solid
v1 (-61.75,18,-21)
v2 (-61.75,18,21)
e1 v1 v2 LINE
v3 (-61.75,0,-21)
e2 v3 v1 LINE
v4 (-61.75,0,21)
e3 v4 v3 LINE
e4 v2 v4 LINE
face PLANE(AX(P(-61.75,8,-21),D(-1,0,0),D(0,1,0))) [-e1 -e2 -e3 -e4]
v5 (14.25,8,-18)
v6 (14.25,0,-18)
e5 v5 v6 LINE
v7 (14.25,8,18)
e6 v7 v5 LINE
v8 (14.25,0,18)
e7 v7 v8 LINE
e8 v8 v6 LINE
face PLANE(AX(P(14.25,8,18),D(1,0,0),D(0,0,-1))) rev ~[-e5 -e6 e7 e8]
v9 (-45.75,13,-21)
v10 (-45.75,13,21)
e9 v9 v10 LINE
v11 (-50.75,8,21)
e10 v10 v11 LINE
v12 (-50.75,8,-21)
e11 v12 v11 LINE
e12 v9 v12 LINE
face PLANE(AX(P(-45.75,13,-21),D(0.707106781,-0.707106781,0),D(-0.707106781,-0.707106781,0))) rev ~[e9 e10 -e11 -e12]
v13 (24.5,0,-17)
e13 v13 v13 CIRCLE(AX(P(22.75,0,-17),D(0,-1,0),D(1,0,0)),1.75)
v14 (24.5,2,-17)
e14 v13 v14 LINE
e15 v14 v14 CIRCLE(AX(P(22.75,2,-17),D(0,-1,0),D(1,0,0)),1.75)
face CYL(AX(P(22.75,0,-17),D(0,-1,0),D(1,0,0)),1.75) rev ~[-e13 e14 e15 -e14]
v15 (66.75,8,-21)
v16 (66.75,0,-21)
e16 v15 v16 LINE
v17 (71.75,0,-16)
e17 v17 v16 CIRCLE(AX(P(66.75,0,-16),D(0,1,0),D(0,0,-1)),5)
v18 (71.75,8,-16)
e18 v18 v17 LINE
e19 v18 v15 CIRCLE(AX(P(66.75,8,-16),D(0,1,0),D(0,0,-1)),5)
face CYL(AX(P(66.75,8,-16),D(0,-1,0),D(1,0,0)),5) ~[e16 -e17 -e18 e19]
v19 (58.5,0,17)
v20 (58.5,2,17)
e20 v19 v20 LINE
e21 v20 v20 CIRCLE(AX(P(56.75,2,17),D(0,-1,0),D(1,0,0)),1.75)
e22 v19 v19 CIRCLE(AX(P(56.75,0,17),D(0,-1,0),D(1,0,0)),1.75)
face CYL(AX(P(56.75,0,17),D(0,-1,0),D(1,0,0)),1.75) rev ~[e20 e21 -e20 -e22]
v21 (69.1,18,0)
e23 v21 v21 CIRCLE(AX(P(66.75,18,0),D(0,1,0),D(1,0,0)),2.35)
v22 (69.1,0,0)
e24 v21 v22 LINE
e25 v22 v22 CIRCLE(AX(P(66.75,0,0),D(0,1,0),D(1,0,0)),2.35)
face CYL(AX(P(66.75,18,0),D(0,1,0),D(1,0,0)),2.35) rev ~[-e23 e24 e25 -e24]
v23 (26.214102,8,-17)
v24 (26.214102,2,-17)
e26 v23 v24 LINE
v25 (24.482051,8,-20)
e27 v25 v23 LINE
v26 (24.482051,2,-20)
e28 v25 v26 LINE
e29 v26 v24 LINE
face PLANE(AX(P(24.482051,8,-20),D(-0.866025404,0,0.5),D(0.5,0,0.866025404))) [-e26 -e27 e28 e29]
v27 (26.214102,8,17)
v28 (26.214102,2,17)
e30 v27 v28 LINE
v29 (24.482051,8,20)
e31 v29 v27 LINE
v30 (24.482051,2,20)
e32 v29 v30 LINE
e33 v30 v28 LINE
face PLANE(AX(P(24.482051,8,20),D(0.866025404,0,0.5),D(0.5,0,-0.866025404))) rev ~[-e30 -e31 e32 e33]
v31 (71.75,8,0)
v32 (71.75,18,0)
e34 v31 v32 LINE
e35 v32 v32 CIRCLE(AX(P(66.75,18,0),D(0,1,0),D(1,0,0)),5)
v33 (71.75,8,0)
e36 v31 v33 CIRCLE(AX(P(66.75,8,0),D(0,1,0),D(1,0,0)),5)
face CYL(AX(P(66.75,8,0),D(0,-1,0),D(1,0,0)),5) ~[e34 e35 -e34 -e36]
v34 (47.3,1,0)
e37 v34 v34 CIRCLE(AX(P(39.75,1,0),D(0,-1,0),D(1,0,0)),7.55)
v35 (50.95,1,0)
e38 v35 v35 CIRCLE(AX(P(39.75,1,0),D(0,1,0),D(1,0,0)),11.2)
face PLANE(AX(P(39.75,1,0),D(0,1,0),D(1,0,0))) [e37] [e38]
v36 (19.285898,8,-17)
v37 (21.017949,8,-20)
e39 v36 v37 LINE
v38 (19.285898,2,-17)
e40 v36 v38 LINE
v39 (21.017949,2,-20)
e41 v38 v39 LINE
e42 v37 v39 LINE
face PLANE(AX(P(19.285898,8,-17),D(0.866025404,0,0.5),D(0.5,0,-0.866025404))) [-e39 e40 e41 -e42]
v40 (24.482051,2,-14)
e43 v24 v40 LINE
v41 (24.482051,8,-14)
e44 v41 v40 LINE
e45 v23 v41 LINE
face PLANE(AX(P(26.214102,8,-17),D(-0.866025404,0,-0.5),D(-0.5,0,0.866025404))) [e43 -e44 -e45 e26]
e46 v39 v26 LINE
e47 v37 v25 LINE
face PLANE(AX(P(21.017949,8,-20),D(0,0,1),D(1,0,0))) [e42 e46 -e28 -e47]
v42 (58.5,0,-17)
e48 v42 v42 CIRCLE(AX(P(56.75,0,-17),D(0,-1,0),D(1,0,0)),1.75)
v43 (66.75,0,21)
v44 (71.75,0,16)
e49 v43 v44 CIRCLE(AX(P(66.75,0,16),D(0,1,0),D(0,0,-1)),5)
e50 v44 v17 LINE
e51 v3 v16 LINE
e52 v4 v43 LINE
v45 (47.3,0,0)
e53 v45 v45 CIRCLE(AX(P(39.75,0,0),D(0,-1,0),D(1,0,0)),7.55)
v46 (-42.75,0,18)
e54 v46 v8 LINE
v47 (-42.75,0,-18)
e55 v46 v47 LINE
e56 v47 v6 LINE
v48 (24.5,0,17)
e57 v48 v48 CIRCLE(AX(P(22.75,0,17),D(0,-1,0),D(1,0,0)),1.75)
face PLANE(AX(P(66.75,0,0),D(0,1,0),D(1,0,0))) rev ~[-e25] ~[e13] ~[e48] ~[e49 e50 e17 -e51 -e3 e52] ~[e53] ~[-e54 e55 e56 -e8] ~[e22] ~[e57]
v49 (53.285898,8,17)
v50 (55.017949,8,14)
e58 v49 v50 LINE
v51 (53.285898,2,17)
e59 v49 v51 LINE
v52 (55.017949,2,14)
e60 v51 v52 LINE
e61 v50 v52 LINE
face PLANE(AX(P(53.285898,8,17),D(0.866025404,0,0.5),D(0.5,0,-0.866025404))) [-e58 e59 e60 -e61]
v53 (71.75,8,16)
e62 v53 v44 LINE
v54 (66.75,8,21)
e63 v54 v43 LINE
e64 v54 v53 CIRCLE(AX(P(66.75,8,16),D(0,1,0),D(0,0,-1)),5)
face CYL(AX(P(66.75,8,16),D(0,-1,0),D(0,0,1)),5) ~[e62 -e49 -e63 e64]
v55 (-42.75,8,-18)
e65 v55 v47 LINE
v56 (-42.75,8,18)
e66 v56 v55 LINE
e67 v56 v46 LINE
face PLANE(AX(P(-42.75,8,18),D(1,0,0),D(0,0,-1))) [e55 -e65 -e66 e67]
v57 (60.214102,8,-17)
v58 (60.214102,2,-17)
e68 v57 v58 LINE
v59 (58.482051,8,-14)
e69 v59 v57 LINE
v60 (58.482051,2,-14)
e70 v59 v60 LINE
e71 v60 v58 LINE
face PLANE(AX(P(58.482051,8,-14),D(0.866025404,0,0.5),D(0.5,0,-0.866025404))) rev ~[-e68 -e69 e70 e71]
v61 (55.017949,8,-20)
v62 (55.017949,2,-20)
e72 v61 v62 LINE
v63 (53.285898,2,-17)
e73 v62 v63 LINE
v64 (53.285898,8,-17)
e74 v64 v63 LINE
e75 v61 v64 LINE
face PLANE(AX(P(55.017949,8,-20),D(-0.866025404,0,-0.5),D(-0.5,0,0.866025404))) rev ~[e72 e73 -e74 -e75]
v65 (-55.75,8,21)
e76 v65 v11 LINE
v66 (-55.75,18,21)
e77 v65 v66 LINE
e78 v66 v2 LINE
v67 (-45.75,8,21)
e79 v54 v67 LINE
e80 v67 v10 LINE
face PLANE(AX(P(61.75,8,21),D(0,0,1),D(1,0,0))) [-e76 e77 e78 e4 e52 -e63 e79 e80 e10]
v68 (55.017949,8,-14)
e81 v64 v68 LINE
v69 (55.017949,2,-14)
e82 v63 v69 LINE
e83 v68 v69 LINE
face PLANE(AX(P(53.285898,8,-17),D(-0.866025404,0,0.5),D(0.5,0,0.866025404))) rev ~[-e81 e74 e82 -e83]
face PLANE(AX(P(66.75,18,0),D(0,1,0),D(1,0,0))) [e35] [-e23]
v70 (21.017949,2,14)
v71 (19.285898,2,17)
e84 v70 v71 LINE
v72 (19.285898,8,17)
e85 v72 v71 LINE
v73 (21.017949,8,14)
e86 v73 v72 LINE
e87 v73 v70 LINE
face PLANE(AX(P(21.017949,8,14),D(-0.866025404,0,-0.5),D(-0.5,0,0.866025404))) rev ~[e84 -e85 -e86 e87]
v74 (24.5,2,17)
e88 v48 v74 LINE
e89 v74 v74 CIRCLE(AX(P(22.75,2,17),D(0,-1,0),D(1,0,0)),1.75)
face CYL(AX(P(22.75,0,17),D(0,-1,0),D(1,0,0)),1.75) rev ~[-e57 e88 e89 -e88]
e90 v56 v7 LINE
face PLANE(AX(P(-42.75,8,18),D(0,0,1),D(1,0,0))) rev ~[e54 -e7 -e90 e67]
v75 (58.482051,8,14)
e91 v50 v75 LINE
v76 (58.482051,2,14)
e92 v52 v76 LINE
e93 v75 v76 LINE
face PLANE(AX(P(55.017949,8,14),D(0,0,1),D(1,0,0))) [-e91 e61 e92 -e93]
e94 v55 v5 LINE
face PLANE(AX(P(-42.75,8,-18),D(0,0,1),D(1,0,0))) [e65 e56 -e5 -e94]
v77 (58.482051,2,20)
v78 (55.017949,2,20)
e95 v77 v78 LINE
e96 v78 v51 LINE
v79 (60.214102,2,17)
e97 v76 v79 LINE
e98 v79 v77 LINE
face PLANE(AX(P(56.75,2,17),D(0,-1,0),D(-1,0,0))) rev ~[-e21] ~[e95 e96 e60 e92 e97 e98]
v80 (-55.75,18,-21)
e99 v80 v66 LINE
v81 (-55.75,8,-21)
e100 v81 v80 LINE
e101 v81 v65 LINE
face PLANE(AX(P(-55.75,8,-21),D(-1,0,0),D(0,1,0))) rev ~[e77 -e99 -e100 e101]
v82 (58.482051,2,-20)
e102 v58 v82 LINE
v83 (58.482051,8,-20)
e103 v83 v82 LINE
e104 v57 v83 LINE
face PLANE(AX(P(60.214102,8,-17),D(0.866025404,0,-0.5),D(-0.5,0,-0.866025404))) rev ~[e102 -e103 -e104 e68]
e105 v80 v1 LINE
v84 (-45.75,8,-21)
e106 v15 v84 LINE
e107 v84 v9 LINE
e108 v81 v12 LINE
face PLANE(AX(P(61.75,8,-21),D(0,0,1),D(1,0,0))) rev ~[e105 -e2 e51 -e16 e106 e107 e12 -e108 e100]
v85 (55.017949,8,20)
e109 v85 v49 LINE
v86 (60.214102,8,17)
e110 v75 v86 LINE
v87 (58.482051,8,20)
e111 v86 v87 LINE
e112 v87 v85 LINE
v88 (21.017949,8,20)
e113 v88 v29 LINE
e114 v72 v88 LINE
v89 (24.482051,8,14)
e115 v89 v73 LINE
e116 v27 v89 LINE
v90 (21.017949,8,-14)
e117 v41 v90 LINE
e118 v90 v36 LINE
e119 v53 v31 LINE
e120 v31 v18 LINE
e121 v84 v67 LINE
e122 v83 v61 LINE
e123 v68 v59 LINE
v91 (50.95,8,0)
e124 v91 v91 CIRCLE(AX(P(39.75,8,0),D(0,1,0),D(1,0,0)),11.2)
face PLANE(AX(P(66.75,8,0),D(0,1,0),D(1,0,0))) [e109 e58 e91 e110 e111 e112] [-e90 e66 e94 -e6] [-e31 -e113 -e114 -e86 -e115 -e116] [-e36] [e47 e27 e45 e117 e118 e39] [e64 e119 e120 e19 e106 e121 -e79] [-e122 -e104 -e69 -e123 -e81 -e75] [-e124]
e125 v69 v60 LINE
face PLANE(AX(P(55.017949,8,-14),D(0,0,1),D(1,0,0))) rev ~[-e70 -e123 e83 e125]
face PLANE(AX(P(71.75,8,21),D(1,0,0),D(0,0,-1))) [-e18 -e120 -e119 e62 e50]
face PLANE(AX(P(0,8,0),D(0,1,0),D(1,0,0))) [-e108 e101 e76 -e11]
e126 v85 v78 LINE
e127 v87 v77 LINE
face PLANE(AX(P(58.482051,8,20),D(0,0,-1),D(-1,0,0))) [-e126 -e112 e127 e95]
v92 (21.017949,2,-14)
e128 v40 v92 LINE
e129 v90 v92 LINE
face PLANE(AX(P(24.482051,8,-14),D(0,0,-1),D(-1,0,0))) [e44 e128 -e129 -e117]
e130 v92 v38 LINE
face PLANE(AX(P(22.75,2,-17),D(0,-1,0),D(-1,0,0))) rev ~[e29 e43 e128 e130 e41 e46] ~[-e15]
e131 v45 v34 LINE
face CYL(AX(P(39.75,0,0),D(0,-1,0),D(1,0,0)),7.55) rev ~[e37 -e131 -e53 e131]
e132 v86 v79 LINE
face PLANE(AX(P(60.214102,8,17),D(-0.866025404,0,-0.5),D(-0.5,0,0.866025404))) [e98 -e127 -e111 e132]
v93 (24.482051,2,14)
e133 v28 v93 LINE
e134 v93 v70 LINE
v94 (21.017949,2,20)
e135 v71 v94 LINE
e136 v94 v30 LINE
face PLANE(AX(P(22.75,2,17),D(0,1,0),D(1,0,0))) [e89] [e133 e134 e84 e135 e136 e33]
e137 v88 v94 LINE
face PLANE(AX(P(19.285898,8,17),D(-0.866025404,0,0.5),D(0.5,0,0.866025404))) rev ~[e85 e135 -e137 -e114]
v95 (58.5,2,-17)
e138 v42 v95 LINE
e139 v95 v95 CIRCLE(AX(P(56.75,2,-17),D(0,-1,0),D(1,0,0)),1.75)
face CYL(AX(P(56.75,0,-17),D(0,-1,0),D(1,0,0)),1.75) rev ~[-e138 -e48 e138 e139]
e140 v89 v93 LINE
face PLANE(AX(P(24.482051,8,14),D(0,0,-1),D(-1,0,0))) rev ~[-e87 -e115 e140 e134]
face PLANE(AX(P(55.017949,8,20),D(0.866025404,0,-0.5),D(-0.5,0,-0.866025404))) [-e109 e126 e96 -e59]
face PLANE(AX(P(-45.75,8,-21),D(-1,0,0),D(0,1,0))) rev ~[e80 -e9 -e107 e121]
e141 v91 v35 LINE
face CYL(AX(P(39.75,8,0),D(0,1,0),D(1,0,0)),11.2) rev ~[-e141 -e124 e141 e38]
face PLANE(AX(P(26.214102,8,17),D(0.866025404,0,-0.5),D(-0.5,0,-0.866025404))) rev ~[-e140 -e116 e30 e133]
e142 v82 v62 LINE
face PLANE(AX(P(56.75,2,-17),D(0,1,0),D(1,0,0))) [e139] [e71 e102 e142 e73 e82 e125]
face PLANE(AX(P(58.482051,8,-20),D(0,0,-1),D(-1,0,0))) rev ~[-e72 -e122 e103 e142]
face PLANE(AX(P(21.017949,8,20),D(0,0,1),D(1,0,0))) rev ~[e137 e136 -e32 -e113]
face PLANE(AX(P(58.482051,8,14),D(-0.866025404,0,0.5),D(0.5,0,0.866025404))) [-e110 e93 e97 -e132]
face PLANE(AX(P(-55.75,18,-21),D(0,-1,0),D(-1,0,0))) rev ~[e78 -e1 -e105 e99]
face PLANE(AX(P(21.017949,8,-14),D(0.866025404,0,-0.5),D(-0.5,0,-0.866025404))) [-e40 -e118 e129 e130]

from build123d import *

# Parameters (mm, degrees)
SKETCH1_W           = 123.5
SKETCH1_H           = 42
BOSS_EXTRUDE1_DEPTH = 8
SKETCH2_R           = 11.2
CUT_EXTRUDE1_DEPTH  = 7
CUT_EXTRUDE2_REACH  = 10
SKETCH3_R           = 7.55
CUT_EXTRUDE4_DEPTH  = 6
SKETCH10_R          = 1.75
CUT_EXTRUDE5_DEPTH  = 2
SKETCH12_W          = 6
SKETCH12_H          = 10
BOSS_EXTRUDE2_DEPTH = 42
SKETCH13_W          = 57
SKETCH13_H          = 36
CUT_EXTRUDE6_DEPTH  = 9
SKETCH23_W          = 10
SKETCH23_H          = 42
BOSS_EXTRUDE3_DEPTH = 8
SKETCH24_R          = 5
BOSS_EXTRUDE4_DEPTH = 10
FILLET1_R           = 5
SKETCH25_R          = 2.35
CUT_EXTRUDE7_DEPTH  = 18


with BuildPart() as part:
    # Sketch1 → Boss-Extrude1 (new body)
    with BuildSketch(Plane(origin=(0, 0, 0), x_dir=(1, 0, 0), z_dir=(0, 1, 0))):
        Rectangle(SKETCH1_W, SKETCH1_H)
    extrude(amount=BOSS_EXTRUDE1_DEPTH)

    # Sketch2 → Cut-Extrude1 (cut)
    with BuildSketch(Plane(origin=(0, 8, 0), x_dir=(1, 0, 0), z_dir=(0, 1, 0))):
        with Locations((39.75, 0)):
            Circle(SKETCH2_R)
    extrude(amount=-CUT_EXTRUDE1_DEPTH, mode=Mode.SUBTRACT)

    # Sketch3 → Cut-Extrude2 (cut, up to next)
    with BuildSketch(Plane.XZ, mode=Mode.PRIVATE) as cut_extrude2_sk1:
        with Locations((39.75, 0)):
            Circle(SKETCH3_R)
    cut_extrude2_tool1 = extrude(cut_extrude2_sk1.sketch, amount=-CUT_EXTRUDE2_REACH, mode=Mode.PRIVATE) & part.part
    add(cut_extrude2_tool1.solids().sort_by_distance((39.75, 0, 0))[0], mode=Mode.SUBTRACT)

    # Sketch9 → Cut-Extrude4 (cut)
    with BuildSketch(Plane(origin=(0, 8, 0), x_dir=(1, 0, 0), z_dir=(0, 1, 0))):
        Polygon((58.482050808, 20), (55.017949192, 20), (53.285898385, 17), (55.017949192, 14), (58.482050808, 14), (60.214101615, 17), align=None)
        Polygon((60.214101615, -17), (58.482050808, -20), (55.017949192, -20), (53.285898385, -17), (55.017949192, -14), (58.482050808, -14), align=None)
        Polygon((19.285898385, 17), (21.017949192, 20), (24.482050808, 20), (26.214101615, 17), (24.482050808, 14), (21.017949192, 14), align=None)
        Polygon((21.017949192, -14), (19.285898385, -17), (21.017949192, -20), (24.482050808, -20), (26.214101615, -17), (24.482050808, -14), align=None)
    extrude(amount=-CUT_EXTRUDE4_DEPTH, mode=Mode.SUBTRACT)

    # Sketch10 → Cut-Extrude5 (cut)
    with BuildSketch(Plane.XZ):
        with Locations((56.75, 17)):
            Circle(SKETCH10_R)
        with Locations((22.75, 17)):
            Circle(SKETCH10_R)
        with Locations((56.75, -17)):
            Circle(SKETCH10_R)
        with Locations((22.75, -17)):
            Circle(SKETCH10_R)
    extrude(amount=-CUT_EXTRUDE5_DEPTH, mode=Mode.SUBTRACT)

    # Sketch12 → Boss-Extrude2 (add)
    with BuildSketch(Plane(origin=(0, 0, -21), x_dir=(-1, 0, 0), z_dir=(0, 0, -1))):
        with Locations((58.75, 13)):
            Rectangle(SKETCH12_W, SKETCH12_H)
        Polygon((50.75, 8), (45.75, 8), (45.75, 13), align=None)
    extrude(amount=-BOSS_EXTRUDE2_DEPTH)

    # Sketch13 → Cut-Extrude6 (cut, through all)
    with BuildSketch(Plane(origin=(0, 8, 0), x_dir=(1, 0, 0), z_dir=(0, 1, 0))):
        with Locations((-14.25, 0)):
            Rectangle(SKETCH13_W, SKETCH13_H)
    extrude(amount=-CUT_EXTRUDE6_DEPTH, mode=Mode.SUBTRACT)

    # Sketch23 → Boss-Extrude3 (add)
    with BuildSketch(Plane(origin=(0, 8, 0), x_dir=(1, 0, 0), z_dir=(0, 1, 0))):
        with Locations((66.75, 0)):
            Rectangle(SKETCH23_W, SKETCH23_H)
    extrude(amount=-BOSS_EXTRUDE3_DEPTH)

    # Sketch24 → Boss-Extrude4 (add)
    with BuildSketch(Plane(origin=(0, 8, 0), x_dir=(1, 0, 0), z_dir=(0, 1, 0))):
        with Locations((66.75, 0)):
            Circle(SKETCH24_R)
    extrude(amount=BOSS_EXTRUDE4_DEPTH)

    # Fillet1
    fillet1_edges = [part.edges().sort_by_distance(p)[0] for p in [
        (71.75, 4, -21),
        (71.75, 4, 21),
    ]]
    fillet(fillet1_edges, radius=FILLET1_R)

    # Sketch25 → Cut-Extrude7 (cut)
    with BuildSketch(Plane(origin=(0, 18, 0), x_dir=(1, 0, 0), z_dir=(0, 1, 0))):
        with Locations((66.75, 0)):
            Circle(SKETCH25_R)
    extrude(amount=-CUT_EXTRUDE7_DEPTH, mode=Mode.SUBTRACT)


solid = part.part
